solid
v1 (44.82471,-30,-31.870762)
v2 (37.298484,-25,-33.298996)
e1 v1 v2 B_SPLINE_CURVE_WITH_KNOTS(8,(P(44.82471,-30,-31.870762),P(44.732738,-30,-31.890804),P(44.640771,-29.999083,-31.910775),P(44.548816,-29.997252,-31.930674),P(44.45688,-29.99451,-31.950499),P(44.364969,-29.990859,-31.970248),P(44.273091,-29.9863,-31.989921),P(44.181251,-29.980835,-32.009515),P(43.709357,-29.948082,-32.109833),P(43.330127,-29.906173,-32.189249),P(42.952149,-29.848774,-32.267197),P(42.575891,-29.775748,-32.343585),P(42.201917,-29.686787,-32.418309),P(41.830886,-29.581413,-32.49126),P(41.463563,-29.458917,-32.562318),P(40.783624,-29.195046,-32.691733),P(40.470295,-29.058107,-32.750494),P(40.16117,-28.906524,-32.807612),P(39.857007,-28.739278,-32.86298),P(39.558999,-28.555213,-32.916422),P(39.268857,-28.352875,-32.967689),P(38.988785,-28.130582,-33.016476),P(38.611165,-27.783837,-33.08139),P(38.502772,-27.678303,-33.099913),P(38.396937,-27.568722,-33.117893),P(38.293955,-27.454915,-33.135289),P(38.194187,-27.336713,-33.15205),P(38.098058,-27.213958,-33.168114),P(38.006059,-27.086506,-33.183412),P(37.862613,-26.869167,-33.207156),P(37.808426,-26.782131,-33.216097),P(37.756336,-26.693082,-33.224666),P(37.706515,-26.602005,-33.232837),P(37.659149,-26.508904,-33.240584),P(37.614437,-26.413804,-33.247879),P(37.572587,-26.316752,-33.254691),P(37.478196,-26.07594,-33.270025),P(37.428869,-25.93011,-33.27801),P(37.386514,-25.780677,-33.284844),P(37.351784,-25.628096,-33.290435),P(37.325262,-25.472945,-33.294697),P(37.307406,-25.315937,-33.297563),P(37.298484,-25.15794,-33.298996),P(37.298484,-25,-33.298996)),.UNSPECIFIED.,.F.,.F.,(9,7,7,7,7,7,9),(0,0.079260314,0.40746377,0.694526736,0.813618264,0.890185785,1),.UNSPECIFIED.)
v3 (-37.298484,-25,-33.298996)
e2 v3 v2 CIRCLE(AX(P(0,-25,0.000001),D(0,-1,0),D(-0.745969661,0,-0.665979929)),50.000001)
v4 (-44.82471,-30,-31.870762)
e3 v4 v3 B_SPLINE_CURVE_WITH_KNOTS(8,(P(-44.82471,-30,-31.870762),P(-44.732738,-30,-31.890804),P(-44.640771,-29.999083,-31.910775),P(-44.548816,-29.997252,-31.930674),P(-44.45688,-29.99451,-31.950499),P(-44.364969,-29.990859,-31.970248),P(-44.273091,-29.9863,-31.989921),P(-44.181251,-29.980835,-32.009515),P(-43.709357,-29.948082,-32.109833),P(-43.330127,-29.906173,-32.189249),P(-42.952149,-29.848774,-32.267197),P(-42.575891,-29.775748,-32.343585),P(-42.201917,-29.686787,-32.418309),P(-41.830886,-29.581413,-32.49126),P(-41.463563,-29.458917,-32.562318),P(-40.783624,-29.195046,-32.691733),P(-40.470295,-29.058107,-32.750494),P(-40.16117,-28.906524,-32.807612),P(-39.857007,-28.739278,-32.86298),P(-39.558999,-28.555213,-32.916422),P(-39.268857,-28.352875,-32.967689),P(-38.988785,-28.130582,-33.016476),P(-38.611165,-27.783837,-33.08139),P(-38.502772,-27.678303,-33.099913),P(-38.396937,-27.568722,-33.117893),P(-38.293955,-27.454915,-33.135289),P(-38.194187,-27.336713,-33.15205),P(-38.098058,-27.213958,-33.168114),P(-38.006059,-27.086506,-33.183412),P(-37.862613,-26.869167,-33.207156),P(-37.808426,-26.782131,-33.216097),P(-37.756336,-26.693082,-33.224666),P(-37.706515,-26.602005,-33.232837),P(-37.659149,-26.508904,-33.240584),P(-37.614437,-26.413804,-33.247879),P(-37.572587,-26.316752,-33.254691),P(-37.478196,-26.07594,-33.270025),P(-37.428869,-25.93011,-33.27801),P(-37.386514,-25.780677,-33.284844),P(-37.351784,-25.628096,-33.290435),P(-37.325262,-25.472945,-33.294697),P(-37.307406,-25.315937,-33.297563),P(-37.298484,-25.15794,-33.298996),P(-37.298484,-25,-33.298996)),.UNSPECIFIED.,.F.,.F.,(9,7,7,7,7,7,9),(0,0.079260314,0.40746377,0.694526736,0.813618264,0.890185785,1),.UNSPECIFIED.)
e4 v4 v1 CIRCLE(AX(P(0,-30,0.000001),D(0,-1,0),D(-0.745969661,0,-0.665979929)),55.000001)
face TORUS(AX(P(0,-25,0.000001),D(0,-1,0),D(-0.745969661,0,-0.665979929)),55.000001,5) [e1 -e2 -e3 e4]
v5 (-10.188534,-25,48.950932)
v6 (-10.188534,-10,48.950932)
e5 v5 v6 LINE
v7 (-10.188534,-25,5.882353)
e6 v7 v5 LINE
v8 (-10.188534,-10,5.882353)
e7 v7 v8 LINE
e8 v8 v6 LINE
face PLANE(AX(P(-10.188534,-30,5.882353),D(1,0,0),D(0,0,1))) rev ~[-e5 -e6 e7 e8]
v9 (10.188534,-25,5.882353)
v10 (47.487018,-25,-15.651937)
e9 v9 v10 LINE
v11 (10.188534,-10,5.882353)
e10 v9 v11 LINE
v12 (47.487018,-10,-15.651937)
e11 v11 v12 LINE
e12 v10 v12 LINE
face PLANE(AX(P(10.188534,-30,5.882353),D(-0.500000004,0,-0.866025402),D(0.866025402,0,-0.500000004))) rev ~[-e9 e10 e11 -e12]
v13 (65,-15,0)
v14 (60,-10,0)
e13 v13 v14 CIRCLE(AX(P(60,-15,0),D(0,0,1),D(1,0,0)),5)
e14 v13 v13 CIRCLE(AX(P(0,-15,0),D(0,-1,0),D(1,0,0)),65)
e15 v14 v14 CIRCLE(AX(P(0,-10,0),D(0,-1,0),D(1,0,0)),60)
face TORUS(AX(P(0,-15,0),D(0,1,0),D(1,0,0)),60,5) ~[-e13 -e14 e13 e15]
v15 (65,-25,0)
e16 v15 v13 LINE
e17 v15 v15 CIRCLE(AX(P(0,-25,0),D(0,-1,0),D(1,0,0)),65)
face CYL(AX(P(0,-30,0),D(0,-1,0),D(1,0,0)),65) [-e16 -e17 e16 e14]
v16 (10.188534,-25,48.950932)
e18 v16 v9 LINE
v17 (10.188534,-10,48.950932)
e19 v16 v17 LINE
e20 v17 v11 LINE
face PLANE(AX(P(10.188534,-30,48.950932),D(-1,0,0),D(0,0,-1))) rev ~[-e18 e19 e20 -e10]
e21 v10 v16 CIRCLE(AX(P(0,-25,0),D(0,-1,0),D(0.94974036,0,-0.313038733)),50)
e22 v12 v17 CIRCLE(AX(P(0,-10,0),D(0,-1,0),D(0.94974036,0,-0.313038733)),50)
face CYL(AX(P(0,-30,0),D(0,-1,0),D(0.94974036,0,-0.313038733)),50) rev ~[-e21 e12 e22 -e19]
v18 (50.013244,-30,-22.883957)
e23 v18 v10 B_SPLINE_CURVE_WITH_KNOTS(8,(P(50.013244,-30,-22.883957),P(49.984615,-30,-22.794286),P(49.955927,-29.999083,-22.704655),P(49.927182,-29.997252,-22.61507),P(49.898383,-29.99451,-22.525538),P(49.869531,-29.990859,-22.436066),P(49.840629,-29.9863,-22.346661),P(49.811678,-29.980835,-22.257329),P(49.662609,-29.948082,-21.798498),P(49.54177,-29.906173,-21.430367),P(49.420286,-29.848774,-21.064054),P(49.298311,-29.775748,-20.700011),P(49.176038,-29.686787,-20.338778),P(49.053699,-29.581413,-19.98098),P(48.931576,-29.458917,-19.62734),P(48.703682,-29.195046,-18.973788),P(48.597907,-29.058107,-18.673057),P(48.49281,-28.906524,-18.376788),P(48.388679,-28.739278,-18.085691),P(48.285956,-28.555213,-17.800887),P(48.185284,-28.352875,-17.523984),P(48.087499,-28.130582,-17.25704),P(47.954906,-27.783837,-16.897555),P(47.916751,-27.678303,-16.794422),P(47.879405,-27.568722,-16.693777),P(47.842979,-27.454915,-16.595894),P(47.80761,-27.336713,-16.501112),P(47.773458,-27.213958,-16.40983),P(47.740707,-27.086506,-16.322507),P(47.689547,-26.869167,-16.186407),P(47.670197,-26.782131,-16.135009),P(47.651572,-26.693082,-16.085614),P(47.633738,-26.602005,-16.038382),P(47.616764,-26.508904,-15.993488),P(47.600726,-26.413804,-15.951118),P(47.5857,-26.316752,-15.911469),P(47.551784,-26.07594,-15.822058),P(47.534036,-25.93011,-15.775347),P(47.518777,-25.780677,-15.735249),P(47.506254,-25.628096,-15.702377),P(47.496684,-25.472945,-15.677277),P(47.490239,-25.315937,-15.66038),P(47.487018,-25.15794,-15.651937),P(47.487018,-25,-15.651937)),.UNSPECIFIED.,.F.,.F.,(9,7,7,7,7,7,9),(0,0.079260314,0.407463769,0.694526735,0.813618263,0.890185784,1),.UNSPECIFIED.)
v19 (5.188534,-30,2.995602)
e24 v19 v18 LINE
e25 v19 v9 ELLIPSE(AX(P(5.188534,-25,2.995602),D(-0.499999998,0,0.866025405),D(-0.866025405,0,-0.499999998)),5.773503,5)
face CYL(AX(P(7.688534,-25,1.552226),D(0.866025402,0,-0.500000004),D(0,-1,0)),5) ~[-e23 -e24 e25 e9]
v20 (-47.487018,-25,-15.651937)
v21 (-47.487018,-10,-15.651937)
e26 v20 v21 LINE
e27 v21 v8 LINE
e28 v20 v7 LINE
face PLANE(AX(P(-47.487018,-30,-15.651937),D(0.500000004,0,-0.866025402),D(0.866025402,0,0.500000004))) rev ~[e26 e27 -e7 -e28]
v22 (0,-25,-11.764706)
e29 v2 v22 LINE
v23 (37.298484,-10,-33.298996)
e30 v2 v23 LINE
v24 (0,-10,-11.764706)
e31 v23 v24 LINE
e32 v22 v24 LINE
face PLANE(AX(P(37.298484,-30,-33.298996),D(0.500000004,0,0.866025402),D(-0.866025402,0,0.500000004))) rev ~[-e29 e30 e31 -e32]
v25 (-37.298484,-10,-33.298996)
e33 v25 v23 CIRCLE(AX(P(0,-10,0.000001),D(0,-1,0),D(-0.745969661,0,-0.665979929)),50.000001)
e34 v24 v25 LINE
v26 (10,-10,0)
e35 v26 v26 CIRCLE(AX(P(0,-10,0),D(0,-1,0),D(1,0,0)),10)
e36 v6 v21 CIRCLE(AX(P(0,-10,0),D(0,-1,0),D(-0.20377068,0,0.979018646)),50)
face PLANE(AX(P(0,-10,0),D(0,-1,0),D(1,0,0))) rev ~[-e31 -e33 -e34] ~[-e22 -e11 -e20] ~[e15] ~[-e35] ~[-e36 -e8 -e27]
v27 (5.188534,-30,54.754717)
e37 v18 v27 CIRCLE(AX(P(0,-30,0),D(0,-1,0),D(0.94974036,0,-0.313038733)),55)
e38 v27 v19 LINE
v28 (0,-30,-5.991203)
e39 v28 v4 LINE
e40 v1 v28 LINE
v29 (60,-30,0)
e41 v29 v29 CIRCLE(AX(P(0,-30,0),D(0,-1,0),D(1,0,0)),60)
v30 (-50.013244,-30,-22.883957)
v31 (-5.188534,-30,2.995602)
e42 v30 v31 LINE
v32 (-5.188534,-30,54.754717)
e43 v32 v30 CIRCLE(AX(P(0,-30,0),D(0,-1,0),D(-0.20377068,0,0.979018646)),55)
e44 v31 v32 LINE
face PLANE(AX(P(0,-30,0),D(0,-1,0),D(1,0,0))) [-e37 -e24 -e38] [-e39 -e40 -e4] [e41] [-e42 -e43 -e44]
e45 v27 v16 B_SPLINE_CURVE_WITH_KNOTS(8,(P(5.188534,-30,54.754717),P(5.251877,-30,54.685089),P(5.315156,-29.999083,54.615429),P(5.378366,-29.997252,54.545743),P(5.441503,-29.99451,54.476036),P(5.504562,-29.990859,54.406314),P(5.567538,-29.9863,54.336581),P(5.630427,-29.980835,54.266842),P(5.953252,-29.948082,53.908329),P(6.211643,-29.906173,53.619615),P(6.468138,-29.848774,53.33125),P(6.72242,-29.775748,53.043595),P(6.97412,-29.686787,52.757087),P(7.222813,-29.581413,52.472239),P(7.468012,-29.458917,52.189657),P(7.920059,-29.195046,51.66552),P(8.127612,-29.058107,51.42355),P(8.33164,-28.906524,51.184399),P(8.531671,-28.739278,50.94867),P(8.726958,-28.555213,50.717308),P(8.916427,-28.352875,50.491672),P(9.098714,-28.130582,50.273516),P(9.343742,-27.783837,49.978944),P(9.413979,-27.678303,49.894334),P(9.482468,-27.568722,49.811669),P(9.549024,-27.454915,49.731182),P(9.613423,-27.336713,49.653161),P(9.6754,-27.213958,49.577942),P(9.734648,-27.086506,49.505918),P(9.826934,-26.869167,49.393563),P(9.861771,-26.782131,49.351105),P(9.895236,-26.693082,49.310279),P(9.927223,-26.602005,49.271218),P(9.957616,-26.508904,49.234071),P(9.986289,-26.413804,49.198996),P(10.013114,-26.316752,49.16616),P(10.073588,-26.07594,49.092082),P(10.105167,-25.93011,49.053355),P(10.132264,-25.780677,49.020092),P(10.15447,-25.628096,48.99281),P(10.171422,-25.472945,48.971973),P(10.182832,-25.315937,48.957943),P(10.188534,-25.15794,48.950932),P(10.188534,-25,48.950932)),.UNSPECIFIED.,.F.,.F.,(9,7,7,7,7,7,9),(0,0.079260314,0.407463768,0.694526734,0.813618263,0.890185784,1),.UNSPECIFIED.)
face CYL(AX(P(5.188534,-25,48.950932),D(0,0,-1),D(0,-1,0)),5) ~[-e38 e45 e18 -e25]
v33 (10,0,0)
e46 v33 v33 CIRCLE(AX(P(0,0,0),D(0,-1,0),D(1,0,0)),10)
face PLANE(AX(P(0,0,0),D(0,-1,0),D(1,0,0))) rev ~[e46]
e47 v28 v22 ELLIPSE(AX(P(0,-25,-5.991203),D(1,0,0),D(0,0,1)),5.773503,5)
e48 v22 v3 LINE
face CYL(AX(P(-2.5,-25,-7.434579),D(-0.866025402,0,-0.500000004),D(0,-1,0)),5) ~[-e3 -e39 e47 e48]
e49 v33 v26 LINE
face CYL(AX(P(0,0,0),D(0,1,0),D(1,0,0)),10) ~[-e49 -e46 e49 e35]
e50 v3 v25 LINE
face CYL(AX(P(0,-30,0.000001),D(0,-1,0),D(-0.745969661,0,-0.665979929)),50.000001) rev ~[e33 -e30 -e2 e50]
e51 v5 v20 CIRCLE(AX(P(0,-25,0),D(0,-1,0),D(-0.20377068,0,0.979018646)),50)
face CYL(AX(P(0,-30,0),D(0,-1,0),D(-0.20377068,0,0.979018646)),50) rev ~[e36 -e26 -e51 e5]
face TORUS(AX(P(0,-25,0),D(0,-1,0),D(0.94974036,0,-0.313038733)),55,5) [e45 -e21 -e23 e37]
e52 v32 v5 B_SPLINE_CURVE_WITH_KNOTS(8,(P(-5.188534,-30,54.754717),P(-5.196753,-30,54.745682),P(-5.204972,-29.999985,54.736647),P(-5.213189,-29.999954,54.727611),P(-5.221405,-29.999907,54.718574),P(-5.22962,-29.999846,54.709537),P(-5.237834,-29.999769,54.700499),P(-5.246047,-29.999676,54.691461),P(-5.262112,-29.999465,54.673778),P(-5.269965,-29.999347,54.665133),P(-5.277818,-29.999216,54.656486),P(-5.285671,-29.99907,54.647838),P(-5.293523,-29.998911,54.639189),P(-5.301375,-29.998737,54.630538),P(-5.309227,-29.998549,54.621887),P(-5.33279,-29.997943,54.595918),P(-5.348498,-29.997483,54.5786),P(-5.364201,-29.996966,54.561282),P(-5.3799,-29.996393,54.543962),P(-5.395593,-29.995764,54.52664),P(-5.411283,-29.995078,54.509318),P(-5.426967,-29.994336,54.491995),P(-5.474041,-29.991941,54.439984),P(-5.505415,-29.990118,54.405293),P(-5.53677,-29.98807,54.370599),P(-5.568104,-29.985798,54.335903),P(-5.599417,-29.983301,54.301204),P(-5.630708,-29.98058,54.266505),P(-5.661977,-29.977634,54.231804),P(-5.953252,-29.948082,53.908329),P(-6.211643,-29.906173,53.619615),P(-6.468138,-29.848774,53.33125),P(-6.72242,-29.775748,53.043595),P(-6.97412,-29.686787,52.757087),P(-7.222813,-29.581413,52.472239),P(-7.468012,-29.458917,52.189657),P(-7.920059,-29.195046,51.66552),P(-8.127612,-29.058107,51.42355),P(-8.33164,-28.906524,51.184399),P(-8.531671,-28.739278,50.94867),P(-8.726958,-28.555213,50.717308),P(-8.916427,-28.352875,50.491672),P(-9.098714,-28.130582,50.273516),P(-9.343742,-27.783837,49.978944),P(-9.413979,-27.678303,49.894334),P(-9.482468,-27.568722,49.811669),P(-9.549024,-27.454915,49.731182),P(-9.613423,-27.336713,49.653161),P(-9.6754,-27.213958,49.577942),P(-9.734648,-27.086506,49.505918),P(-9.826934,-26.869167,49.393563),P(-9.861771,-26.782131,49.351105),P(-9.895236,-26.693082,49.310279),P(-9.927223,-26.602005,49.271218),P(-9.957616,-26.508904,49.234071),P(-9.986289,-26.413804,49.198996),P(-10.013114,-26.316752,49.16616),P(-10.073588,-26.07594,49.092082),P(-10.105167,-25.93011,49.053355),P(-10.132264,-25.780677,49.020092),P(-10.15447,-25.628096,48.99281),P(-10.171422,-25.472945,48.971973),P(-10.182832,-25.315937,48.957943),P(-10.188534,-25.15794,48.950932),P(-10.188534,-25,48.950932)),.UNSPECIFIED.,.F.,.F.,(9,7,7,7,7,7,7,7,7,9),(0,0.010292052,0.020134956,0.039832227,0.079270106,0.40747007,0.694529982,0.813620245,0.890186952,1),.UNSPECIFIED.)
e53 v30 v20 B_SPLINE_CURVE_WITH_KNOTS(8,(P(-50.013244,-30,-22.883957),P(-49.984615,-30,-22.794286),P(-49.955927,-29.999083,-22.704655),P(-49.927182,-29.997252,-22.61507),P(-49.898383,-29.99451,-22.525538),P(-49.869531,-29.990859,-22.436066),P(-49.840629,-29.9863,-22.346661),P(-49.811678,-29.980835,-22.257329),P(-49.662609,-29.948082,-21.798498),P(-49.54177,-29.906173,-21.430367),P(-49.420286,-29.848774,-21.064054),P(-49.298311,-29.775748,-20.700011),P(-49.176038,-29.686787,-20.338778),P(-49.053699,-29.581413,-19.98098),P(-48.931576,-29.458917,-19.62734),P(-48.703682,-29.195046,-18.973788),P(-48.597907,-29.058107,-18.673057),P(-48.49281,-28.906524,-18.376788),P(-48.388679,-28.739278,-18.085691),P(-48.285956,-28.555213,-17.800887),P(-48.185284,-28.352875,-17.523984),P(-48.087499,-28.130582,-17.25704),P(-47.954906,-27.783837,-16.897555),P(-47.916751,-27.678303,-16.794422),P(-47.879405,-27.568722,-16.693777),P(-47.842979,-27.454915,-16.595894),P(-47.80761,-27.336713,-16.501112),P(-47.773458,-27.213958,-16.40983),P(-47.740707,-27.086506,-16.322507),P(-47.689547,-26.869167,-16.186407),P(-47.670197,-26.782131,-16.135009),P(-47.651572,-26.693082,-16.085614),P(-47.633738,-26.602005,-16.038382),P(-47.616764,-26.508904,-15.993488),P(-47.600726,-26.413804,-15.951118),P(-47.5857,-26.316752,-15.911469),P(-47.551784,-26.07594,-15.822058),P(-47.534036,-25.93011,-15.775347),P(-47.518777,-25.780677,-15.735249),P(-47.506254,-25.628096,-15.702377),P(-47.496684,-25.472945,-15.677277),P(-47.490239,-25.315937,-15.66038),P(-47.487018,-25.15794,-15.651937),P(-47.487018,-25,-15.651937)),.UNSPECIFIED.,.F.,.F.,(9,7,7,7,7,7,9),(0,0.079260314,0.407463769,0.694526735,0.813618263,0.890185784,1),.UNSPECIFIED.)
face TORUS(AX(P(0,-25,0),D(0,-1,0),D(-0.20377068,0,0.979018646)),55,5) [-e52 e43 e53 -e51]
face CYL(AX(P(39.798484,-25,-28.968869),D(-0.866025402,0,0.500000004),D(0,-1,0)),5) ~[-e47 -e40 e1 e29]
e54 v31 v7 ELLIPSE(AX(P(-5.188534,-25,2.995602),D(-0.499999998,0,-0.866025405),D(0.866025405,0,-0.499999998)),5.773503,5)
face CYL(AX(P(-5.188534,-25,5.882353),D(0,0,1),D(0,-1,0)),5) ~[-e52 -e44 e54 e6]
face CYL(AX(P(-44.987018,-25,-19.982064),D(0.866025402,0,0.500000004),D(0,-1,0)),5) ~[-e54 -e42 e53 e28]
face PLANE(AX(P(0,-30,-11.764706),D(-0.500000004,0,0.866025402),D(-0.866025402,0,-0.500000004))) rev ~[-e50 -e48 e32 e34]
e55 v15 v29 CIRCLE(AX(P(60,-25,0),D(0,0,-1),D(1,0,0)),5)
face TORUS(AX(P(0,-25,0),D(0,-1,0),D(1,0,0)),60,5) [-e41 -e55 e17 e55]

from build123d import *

# Parameters (mm, degrees)
F0_R     = 10
F1_DEPTH = 10
F3_R     = 65
F4_DEPTH = 20
F6_DEPTH = 20
F7_R     = 5


with BuildPart() as f1:
    # F0 (on Front) → F1 (new body)
    with BuildSketch(Plane.XZ):
        Circle(F0_R)
    extrude(amount=F1_DEPTH)

    # F3 (on offset) → F4 (join, through all)
    with BuildSketch(Plane.XZ.offset(30)):
        Circle(F3_R)
    extrude(amount=-F4_DEPTH)

    # F5 (on face) → F6 (cut, through all)
    with BuildSketch(Plane.XZ.offset(30)):
        with BuildLine():
            Line((-47.487018, -15.651937), (-10.188534, 5.882353))
            Line((-10.188534, 5.882353), (-10.188534, 48.950932))
            ThreePointArc((-10.188534, 48.950932), (-43.30127, 25), (-47.487018, -15.651937))
        make_face()
        with BuildLine():
            Line((10.188534, 48.950932), (10.188534, 5.882353))
            Line((10.188534, 5.882353), (47.487018, -15.651937))
            ThreePointArc((47.487018, -15.651937), (43.30127, 25), (10.188534, 48.950932))
        make_face()
        with BuildLine():
            Line((0, -11.764706), (-37.298484, -33.298996))
            ThreePointArc((-37.298484, -33.298996), (0, -50), (37.298484, -33.298996))
            Line((37.298484, -33.298996), (0, -11.764706))
        make_face()
    extrude(amount=-F6_DEPTH, mode=Mode.SUBTRACT)

    # F7
    f7_edges = [f1.edges().sort_by_distance(p)[0] for p in [
        (-65, -30, 0),
        (18.649242, -30, -22.531851),
        (-18.649242, -30, -22.531851),
        (0, -30, -50),
        (-28.837776, -30, -4.884792),
        (-10.188534, -30, 27.416643),
        (-43.30127, -30, 25),
        (10.188534, -30, 27.416643),
        (28.837776, -30, -4.884792),
        (43.30127, -30, 25),
        (65, -20, 0),
        (-65, -10, 0),
    ]]
    fillet(f7_edges, radius=F7_R)


solid = f1.part
